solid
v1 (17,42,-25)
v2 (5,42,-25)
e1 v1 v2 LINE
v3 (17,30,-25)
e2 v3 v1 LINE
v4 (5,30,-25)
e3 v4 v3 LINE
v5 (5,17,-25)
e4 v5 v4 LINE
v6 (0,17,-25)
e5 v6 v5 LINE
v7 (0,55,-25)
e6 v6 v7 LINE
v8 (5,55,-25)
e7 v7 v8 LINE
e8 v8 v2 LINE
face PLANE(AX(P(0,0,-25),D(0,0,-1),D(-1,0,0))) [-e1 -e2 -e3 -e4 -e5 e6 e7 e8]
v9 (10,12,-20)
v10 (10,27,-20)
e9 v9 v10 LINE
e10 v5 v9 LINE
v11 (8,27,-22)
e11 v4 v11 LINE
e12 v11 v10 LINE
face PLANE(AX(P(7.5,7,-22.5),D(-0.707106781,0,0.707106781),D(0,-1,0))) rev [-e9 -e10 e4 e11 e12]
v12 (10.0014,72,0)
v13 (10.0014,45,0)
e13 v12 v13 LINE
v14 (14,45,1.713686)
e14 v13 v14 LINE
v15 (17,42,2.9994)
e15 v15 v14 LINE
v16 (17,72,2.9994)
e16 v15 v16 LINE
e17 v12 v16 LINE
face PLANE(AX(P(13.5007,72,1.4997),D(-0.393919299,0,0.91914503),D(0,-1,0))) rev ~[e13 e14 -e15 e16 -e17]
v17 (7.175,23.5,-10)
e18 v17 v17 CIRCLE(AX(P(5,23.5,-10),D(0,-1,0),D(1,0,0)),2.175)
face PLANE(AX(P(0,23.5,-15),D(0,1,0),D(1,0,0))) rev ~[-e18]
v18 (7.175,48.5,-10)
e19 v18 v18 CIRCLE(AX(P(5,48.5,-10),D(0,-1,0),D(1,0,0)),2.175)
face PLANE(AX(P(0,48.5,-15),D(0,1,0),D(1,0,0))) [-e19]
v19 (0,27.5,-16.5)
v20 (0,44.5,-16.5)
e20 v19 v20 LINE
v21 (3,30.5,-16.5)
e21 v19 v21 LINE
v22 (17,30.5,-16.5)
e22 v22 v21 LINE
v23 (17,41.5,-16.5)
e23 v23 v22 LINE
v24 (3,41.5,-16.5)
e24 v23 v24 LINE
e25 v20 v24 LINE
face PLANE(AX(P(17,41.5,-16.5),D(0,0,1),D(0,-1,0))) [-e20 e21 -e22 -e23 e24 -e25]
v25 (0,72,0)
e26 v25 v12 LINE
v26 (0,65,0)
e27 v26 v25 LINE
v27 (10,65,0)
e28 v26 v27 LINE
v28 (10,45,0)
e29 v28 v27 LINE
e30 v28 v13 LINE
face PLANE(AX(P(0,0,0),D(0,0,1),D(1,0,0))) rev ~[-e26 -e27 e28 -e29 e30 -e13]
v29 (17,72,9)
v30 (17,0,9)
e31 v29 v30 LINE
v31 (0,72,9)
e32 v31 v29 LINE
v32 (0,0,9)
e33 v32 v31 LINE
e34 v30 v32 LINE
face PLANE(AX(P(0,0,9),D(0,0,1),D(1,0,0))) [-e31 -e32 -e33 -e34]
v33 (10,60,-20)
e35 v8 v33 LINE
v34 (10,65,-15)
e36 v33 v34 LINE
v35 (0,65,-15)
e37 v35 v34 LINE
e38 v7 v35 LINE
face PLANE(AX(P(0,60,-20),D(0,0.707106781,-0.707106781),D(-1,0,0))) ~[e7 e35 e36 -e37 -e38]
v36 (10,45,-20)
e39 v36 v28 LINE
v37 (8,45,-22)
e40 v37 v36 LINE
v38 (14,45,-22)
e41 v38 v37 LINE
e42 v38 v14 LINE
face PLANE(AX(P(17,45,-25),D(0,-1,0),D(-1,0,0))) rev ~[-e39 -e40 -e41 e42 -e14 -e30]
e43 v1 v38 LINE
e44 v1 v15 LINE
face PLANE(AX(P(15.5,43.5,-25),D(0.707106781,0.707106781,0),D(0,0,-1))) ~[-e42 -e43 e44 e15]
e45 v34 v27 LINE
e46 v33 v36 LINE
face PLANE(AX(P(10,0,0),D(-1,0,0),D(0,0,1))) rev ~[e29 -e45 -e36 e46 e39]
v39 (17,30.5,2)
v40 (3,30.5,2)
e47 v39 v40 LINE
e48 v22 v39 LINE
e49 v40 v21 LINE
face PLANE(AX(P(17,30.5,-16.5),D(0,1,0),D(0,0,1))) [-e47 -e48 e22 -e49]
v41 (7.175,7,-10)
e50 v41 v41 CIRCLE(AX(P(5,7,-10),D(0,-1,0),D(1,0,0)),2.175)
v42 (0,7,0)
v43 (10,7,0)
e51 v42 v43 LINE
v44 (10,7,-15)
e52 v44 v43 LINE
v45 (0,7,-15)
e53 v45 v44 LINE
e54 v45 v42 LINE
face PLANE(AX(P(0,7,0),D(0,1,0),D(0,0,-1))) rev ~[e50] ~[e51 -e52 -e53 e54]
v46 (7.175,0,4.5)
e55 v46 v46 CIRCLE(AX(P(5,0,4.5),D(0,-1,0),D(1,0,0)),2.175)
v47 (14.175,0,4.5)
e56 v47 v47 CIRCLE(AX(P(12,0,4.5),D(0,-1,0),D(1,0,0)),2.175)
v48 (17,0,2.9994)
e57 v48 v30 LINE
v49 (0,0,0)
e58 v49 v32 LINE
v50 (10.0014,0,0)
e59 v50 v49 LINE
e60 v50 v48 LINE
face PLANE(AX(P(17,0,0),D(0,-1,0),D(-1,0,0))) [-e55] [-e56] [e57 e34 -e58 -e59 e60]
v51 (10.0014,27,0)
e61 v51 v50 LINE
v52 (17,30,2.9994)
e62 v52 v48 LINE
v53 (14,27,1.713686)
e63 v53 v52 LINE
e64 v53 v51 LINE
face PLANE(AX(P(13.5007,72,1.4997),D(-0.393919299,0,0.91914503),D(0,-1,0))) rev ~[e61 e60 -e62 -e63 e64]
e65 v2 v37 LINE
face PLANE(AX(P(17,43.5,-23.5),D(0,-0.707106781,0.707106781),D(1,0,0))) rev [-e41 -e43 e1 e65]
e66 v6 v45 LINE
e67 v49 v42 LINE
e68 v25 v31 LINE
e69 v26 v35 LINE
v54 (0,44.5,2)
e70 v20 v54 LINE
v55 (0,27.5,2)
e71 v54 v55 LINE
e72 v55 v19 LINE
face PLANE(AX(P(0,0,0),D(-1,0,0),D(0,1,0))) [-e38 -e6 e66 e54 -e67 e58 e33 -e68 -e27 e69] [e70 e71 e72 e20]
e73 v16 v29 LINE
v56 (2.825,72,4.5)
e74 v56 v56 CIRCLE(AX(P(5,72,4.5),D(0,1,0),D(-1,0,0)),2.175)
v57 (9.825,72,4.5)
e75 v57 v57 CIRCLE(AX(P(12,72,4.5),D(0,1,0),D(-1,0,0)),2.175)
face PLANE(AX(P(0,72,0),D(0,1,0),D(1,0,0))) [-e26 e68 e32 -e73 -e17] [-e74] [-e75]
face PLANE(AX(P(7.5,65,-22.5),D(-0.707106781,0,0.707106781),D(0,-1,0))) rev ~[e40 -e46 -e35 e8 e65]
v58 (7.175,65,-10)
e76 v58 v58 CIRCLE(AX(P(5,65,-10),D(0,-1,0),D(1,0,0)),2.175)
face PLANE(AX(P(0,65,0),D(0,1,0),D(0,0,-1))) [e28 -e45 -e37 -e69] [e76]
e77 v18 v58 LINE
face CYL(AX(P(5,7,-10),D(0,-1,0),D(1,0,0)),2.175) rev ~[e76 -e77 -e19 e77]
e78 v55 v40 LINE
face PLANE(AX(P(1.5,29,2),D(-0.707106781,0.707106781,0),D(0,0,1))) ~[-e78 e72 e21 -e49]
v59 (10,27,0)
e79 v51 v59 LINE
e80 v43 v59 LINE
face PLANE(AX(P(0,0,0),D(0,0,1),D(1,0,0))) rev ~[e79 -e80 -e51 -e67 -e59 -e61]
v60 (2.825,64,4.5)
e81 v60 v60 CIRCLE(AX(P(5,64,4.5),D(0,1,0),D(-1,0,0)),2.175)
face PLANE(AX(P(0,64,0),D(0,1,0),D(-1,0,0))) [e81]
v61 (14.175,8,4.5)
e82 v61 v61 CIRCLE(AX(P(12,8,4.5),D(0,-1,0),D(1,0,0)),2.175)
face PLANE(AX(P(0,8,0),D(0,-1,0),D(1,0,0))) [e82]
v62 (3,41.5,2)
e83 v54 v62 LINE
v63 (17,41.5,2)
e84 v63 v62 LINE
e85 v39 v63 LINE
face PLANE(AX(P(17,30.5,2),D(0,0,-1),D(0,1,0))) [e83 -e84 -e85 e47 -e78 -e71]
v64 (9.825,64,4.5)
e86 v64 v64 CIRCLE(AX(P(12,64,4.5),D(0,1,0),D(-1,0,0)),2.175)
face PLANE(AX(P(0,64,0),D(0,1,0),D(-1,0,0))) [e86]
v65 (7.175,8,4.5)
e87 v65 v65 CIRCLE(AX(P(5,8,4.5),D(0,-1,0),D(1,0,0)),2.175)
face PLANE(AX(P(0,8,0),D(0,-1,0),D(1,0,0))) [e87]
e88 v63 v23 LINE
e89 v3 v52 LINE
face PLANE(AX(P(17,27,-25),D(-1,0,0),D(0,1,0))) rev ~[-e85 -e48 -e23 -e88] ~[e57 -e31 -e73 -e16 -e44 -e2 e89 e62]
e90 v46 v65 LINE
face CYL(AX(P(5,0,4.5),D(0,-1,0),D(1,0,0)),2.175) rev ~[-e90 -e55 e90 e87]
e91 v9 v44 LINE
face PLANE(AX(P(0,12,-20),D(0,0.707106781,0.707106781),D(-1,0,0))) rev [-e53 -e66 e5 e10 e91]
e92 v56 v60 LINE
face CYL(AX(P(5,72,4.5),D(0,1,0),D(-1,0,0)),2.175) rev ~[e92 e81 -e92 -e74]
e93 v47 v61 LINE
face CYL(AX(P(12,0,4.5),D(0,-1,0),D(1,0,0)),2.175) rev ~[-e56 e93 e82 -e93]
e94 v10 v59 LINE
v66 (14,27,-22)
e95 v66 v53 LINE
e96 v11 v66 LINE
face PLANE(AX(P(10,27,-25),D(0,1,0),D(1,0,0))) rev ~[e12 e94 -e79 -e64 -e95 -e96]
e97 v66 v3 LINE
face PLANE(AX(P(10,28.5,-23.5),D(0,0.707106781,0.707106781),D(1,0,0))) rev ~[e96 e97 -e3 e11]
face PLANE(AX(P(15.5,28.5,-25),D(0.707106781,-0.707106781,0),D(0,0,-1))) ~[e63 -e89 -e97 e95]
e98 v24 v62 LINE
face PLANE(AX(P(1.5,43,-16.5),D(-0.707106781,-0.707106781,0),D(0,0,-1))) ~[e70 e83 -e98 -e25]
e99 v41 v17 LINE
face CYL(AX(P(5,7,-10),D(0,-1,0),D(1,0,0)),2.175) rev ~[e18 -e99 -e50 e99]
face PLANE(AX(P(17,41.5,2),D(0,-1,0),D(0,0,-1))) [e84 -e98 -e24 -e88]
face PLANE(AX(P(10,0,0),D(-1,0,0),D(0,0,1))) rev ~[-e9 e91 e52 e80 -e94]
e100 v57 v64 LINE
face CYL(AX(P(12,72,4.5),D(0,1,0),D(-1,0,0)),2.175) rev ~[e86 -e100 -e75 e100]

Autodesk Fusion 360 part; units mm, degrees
sketch "Esquisse1" plane through (0, 0, 0) normal (0, 0, 1) x (1, 0, 0)
  line L0 (17, 0) -> (0, 0)
  line L1 (0, 0) -> (0, 72)
  line L2 (0, 72) -> (17, 72)
  line L3 (17, 72) -> (17, 0)
  dimension "d3" = 72
  dimension "d4" = 17
extrude "Extrusion1" add sketch "Esquisse1" along normal blind 9
sketch "Esquisse2" plane through (0, 0, 0) normal (0, -1, 0) x (1, 0, 0)
  line L0 (0, 0) -> (17, 0)
  line L1 (17, 9) -> (0, 9)
  line L2 (0, 9) -> (0, 0)
  line L3 (-5.7525, 4.5) -> (21.5406, 4.5) construction
  circle A0 centre (5, 4.5) radius 2.175
  circle A1 centre (12, 4.5) radius 2.175
  line L4 (17, 0) -> (17, 9)
  dimension "d7" = 4.35
  dimension "d8" = 7
  dimension "d9" = 4.5
  dimension "d10" = 5
extrude "Extrusion2" cut sketch "Esquisse2" against normal blind 8 contours A0 | A1
sketch "Esquisse3" plane through (0, 72, 0) normal (0, 1, 0) x (-1, 0, 0)
  line L0 (-17, 0) -> (0, 0)
  line L1 (0, 0) -> (0, 9)
  line L2 (0, 9) -> (-17, 9)
  line L3 (5.6122, 4.5) -> (-27.7174, 4.5) construction
  circle A0 centre (-12, 4.5) radius 2.175
  circle A1 centre (-5, 4.5) radius 2.175
  line L4 (-17, 9) -> (-17, 0)
  dimension "d13" = 4.5
  dimension "d14" = 7
  dimension "d15" = 5
  dimension "d16" = 4.35
extrude "Extrusion3" cut sketch "Esquisse3" against normal blind 8 contours A0 | A1
sketch "Esquisse9" plane through (0, 0, 0) normal (-1, 0, 0) x (0, 0, 1)
  line L0 (0, 72) -> (0, 0)
  line L1 (0, 0) -> (9, 0)
  line L2 (9, 0) -> (9, 72)
  line L3 (9, 72) -> (0, 72)
  line L4 (9, 65) -> (-15, 65)
  line L5 (-15, 65) -> (-15, 48.5)
  line L6 (-15, 48.5) -> (9, 48.5)
  line L7 (9, 48.5) -> (9, 65)
  line L8 (9, 7) -> (-15, 7)
  line L9 (-15, 7) -> (-15, 23.5)
  line L10 (-15, 23.5) -> (9, 23.5)
  line L11 (9, 23.5) -> (9, 7)
  line L12 (6.675, 72) -> (2.325, 72)
  dimension "d48" = 7
  dimension "d49" = 7
  dimension "d50" = 25
  dimension "d51" = 15
extrude "Extrusion7" add sketch "Esquisse9" against normal blind 10 contours L0 L4 L5 L6 | L0 L8 L9 L10
sketch "Esquisse10" plane through (0, 7, 0) normal (0, -1, 0) x (1, 0, 0)
  line L0 (0, -15) -> (10, -15)
  line L1 (10, -15) -> (10, 0)
  line L2 (10, 0) -> (0, 0)
  line L3 (0, 0) -> (0, -15)
  circle A0 centre (5, -10) radius 2.175
  dimension "d56" = 4.35
  dimension "d57" = 5
  dimension "d76" = 5
extrude "Extrusion9" cut sketch "Esquisse10" against normal blind 61 contours A0
sketch "Esquisse11" plane through (0, 48.5, 0) normal (0, -1, 0) x (1, 0, 0)
  circle A0 centre (5, -10) radius 2.175
  line L0 (10, -15) -> (10, 0)
  line L1 (10, 0) -> (0, 0)
  line L2 (0, 0) -> (0, -15)
  line L3 (0, -15) -> (10, -15)
chamfer "Chanfrein4" distance 7 distance2 3 1 edges at (17, 36, 0) measured on face at (3.3333, 40.1667, 0)
sketch "Esquisse12" plane through (0, 0, -15) normal (0, 0, -1) x (-1, 0, 0)
  line L0 (0, 48.5) -> (0, 65)
  line L1 (0, 65) -> (-10, 65)
  line L2 (-10, 65) -> (-10, 48.5)
  line L3 (-10, 48.5) -> (0, 48.5)
  line L4 (-10, 65) -> (0, 65)
  line L5 (0, 65) -> (0, 7)
  line L6 (0, 7) -> (-10, 7)
  line L7 (-10, 7) -> (-10, 65)
  line L8 (0, 7) -> (-10, 7)
extrude "Extrusion10" add sketch "Esquisse12" along normal blind 10
extrude "Extrusion11" add 1 faces at (3.3333, 31.8333, -15) along direction (0, 0, 1) up to surface (15 mm away)
sketch "Esquisse13" plane through (0, 0, -25) normal (0, 0, -1) x (-1, 0, 0)
  line L0 (0, 7) -> (0, 65)
  line L1 (-10, 65) -> (-10, 7)
  line L2 (-10, 27) -> (-17, 27)
  line L3 (-17, 27) -> (-17, 45)
  line L4 (-17, 45) -> (-10, 45)
  line L5 (-10, 45) -> (-10, 27)
  line L6 (0, 65) -> (-10, 65)
  line L7 (-10, 7) -> (0, 7)
  dimension "d82" = 7
extrude "Extrusion12" add sketch "Esquisse13" against normal blind 28 contours L1 L2 L3 L4 L5
sketch "Esquisse15" plane through (17, 0, 0) normal (1, 0, 0) x (0, 0, -1)
  line L0 (-3, 45) -> (-3, 72)
  line L1 (-3, 72) -> (-9, 72)
  line L2 (-9, 72) -> (-9, 0)
  line L3 (-9, 0) -> (-3, 0)
  line L4 (16.5, 30.5) -> (-2, 30.5)
  line L5 (-2, 30.5) -> (-2, 41.5)
  line L6 (-2, 41.5) -> (16.5, 41.5)
  line L7 (16.5, 41.5) -> (16.5, 30.5)
  line L8 (-3, 0) -> (-3, 27)
  line L9 (-3, 27) -> (25, 27)
  line L10 (25, 27) -> (25, 45)
  line L11 (25, 45) -> (-3, 45)
  dimension "d96" = 7
extrude "Extrusion13" cut sketch "Esquisse15" against normal blind 27 contours L4 L5 L6 L7
chamfer "Chanfrein6" distance 3 angle 45 6 edges at (17, 27, -11) (17, 45, -11) (13.5, 27, -25) (13.5, 45, -25) (0, 41.5, -7.25) (0, 30.5, -7.25)
chamfer "Chanfrein7" distance 5 distance2 5 2 edges at (10, 53.5, -25) (10, 18.5, -25) measured on face at (3.3333, 38, -25) measured on face at (3.3333, 38, -25)
chamfer "Chanfrein8" distance 10 distance2 10 2 edges at (2.5, 65, -25) (2.5, 7, -25) measured on face at (13, 38, -25) measured on face at (13, 38, -25)
equation "d49 = d48"
